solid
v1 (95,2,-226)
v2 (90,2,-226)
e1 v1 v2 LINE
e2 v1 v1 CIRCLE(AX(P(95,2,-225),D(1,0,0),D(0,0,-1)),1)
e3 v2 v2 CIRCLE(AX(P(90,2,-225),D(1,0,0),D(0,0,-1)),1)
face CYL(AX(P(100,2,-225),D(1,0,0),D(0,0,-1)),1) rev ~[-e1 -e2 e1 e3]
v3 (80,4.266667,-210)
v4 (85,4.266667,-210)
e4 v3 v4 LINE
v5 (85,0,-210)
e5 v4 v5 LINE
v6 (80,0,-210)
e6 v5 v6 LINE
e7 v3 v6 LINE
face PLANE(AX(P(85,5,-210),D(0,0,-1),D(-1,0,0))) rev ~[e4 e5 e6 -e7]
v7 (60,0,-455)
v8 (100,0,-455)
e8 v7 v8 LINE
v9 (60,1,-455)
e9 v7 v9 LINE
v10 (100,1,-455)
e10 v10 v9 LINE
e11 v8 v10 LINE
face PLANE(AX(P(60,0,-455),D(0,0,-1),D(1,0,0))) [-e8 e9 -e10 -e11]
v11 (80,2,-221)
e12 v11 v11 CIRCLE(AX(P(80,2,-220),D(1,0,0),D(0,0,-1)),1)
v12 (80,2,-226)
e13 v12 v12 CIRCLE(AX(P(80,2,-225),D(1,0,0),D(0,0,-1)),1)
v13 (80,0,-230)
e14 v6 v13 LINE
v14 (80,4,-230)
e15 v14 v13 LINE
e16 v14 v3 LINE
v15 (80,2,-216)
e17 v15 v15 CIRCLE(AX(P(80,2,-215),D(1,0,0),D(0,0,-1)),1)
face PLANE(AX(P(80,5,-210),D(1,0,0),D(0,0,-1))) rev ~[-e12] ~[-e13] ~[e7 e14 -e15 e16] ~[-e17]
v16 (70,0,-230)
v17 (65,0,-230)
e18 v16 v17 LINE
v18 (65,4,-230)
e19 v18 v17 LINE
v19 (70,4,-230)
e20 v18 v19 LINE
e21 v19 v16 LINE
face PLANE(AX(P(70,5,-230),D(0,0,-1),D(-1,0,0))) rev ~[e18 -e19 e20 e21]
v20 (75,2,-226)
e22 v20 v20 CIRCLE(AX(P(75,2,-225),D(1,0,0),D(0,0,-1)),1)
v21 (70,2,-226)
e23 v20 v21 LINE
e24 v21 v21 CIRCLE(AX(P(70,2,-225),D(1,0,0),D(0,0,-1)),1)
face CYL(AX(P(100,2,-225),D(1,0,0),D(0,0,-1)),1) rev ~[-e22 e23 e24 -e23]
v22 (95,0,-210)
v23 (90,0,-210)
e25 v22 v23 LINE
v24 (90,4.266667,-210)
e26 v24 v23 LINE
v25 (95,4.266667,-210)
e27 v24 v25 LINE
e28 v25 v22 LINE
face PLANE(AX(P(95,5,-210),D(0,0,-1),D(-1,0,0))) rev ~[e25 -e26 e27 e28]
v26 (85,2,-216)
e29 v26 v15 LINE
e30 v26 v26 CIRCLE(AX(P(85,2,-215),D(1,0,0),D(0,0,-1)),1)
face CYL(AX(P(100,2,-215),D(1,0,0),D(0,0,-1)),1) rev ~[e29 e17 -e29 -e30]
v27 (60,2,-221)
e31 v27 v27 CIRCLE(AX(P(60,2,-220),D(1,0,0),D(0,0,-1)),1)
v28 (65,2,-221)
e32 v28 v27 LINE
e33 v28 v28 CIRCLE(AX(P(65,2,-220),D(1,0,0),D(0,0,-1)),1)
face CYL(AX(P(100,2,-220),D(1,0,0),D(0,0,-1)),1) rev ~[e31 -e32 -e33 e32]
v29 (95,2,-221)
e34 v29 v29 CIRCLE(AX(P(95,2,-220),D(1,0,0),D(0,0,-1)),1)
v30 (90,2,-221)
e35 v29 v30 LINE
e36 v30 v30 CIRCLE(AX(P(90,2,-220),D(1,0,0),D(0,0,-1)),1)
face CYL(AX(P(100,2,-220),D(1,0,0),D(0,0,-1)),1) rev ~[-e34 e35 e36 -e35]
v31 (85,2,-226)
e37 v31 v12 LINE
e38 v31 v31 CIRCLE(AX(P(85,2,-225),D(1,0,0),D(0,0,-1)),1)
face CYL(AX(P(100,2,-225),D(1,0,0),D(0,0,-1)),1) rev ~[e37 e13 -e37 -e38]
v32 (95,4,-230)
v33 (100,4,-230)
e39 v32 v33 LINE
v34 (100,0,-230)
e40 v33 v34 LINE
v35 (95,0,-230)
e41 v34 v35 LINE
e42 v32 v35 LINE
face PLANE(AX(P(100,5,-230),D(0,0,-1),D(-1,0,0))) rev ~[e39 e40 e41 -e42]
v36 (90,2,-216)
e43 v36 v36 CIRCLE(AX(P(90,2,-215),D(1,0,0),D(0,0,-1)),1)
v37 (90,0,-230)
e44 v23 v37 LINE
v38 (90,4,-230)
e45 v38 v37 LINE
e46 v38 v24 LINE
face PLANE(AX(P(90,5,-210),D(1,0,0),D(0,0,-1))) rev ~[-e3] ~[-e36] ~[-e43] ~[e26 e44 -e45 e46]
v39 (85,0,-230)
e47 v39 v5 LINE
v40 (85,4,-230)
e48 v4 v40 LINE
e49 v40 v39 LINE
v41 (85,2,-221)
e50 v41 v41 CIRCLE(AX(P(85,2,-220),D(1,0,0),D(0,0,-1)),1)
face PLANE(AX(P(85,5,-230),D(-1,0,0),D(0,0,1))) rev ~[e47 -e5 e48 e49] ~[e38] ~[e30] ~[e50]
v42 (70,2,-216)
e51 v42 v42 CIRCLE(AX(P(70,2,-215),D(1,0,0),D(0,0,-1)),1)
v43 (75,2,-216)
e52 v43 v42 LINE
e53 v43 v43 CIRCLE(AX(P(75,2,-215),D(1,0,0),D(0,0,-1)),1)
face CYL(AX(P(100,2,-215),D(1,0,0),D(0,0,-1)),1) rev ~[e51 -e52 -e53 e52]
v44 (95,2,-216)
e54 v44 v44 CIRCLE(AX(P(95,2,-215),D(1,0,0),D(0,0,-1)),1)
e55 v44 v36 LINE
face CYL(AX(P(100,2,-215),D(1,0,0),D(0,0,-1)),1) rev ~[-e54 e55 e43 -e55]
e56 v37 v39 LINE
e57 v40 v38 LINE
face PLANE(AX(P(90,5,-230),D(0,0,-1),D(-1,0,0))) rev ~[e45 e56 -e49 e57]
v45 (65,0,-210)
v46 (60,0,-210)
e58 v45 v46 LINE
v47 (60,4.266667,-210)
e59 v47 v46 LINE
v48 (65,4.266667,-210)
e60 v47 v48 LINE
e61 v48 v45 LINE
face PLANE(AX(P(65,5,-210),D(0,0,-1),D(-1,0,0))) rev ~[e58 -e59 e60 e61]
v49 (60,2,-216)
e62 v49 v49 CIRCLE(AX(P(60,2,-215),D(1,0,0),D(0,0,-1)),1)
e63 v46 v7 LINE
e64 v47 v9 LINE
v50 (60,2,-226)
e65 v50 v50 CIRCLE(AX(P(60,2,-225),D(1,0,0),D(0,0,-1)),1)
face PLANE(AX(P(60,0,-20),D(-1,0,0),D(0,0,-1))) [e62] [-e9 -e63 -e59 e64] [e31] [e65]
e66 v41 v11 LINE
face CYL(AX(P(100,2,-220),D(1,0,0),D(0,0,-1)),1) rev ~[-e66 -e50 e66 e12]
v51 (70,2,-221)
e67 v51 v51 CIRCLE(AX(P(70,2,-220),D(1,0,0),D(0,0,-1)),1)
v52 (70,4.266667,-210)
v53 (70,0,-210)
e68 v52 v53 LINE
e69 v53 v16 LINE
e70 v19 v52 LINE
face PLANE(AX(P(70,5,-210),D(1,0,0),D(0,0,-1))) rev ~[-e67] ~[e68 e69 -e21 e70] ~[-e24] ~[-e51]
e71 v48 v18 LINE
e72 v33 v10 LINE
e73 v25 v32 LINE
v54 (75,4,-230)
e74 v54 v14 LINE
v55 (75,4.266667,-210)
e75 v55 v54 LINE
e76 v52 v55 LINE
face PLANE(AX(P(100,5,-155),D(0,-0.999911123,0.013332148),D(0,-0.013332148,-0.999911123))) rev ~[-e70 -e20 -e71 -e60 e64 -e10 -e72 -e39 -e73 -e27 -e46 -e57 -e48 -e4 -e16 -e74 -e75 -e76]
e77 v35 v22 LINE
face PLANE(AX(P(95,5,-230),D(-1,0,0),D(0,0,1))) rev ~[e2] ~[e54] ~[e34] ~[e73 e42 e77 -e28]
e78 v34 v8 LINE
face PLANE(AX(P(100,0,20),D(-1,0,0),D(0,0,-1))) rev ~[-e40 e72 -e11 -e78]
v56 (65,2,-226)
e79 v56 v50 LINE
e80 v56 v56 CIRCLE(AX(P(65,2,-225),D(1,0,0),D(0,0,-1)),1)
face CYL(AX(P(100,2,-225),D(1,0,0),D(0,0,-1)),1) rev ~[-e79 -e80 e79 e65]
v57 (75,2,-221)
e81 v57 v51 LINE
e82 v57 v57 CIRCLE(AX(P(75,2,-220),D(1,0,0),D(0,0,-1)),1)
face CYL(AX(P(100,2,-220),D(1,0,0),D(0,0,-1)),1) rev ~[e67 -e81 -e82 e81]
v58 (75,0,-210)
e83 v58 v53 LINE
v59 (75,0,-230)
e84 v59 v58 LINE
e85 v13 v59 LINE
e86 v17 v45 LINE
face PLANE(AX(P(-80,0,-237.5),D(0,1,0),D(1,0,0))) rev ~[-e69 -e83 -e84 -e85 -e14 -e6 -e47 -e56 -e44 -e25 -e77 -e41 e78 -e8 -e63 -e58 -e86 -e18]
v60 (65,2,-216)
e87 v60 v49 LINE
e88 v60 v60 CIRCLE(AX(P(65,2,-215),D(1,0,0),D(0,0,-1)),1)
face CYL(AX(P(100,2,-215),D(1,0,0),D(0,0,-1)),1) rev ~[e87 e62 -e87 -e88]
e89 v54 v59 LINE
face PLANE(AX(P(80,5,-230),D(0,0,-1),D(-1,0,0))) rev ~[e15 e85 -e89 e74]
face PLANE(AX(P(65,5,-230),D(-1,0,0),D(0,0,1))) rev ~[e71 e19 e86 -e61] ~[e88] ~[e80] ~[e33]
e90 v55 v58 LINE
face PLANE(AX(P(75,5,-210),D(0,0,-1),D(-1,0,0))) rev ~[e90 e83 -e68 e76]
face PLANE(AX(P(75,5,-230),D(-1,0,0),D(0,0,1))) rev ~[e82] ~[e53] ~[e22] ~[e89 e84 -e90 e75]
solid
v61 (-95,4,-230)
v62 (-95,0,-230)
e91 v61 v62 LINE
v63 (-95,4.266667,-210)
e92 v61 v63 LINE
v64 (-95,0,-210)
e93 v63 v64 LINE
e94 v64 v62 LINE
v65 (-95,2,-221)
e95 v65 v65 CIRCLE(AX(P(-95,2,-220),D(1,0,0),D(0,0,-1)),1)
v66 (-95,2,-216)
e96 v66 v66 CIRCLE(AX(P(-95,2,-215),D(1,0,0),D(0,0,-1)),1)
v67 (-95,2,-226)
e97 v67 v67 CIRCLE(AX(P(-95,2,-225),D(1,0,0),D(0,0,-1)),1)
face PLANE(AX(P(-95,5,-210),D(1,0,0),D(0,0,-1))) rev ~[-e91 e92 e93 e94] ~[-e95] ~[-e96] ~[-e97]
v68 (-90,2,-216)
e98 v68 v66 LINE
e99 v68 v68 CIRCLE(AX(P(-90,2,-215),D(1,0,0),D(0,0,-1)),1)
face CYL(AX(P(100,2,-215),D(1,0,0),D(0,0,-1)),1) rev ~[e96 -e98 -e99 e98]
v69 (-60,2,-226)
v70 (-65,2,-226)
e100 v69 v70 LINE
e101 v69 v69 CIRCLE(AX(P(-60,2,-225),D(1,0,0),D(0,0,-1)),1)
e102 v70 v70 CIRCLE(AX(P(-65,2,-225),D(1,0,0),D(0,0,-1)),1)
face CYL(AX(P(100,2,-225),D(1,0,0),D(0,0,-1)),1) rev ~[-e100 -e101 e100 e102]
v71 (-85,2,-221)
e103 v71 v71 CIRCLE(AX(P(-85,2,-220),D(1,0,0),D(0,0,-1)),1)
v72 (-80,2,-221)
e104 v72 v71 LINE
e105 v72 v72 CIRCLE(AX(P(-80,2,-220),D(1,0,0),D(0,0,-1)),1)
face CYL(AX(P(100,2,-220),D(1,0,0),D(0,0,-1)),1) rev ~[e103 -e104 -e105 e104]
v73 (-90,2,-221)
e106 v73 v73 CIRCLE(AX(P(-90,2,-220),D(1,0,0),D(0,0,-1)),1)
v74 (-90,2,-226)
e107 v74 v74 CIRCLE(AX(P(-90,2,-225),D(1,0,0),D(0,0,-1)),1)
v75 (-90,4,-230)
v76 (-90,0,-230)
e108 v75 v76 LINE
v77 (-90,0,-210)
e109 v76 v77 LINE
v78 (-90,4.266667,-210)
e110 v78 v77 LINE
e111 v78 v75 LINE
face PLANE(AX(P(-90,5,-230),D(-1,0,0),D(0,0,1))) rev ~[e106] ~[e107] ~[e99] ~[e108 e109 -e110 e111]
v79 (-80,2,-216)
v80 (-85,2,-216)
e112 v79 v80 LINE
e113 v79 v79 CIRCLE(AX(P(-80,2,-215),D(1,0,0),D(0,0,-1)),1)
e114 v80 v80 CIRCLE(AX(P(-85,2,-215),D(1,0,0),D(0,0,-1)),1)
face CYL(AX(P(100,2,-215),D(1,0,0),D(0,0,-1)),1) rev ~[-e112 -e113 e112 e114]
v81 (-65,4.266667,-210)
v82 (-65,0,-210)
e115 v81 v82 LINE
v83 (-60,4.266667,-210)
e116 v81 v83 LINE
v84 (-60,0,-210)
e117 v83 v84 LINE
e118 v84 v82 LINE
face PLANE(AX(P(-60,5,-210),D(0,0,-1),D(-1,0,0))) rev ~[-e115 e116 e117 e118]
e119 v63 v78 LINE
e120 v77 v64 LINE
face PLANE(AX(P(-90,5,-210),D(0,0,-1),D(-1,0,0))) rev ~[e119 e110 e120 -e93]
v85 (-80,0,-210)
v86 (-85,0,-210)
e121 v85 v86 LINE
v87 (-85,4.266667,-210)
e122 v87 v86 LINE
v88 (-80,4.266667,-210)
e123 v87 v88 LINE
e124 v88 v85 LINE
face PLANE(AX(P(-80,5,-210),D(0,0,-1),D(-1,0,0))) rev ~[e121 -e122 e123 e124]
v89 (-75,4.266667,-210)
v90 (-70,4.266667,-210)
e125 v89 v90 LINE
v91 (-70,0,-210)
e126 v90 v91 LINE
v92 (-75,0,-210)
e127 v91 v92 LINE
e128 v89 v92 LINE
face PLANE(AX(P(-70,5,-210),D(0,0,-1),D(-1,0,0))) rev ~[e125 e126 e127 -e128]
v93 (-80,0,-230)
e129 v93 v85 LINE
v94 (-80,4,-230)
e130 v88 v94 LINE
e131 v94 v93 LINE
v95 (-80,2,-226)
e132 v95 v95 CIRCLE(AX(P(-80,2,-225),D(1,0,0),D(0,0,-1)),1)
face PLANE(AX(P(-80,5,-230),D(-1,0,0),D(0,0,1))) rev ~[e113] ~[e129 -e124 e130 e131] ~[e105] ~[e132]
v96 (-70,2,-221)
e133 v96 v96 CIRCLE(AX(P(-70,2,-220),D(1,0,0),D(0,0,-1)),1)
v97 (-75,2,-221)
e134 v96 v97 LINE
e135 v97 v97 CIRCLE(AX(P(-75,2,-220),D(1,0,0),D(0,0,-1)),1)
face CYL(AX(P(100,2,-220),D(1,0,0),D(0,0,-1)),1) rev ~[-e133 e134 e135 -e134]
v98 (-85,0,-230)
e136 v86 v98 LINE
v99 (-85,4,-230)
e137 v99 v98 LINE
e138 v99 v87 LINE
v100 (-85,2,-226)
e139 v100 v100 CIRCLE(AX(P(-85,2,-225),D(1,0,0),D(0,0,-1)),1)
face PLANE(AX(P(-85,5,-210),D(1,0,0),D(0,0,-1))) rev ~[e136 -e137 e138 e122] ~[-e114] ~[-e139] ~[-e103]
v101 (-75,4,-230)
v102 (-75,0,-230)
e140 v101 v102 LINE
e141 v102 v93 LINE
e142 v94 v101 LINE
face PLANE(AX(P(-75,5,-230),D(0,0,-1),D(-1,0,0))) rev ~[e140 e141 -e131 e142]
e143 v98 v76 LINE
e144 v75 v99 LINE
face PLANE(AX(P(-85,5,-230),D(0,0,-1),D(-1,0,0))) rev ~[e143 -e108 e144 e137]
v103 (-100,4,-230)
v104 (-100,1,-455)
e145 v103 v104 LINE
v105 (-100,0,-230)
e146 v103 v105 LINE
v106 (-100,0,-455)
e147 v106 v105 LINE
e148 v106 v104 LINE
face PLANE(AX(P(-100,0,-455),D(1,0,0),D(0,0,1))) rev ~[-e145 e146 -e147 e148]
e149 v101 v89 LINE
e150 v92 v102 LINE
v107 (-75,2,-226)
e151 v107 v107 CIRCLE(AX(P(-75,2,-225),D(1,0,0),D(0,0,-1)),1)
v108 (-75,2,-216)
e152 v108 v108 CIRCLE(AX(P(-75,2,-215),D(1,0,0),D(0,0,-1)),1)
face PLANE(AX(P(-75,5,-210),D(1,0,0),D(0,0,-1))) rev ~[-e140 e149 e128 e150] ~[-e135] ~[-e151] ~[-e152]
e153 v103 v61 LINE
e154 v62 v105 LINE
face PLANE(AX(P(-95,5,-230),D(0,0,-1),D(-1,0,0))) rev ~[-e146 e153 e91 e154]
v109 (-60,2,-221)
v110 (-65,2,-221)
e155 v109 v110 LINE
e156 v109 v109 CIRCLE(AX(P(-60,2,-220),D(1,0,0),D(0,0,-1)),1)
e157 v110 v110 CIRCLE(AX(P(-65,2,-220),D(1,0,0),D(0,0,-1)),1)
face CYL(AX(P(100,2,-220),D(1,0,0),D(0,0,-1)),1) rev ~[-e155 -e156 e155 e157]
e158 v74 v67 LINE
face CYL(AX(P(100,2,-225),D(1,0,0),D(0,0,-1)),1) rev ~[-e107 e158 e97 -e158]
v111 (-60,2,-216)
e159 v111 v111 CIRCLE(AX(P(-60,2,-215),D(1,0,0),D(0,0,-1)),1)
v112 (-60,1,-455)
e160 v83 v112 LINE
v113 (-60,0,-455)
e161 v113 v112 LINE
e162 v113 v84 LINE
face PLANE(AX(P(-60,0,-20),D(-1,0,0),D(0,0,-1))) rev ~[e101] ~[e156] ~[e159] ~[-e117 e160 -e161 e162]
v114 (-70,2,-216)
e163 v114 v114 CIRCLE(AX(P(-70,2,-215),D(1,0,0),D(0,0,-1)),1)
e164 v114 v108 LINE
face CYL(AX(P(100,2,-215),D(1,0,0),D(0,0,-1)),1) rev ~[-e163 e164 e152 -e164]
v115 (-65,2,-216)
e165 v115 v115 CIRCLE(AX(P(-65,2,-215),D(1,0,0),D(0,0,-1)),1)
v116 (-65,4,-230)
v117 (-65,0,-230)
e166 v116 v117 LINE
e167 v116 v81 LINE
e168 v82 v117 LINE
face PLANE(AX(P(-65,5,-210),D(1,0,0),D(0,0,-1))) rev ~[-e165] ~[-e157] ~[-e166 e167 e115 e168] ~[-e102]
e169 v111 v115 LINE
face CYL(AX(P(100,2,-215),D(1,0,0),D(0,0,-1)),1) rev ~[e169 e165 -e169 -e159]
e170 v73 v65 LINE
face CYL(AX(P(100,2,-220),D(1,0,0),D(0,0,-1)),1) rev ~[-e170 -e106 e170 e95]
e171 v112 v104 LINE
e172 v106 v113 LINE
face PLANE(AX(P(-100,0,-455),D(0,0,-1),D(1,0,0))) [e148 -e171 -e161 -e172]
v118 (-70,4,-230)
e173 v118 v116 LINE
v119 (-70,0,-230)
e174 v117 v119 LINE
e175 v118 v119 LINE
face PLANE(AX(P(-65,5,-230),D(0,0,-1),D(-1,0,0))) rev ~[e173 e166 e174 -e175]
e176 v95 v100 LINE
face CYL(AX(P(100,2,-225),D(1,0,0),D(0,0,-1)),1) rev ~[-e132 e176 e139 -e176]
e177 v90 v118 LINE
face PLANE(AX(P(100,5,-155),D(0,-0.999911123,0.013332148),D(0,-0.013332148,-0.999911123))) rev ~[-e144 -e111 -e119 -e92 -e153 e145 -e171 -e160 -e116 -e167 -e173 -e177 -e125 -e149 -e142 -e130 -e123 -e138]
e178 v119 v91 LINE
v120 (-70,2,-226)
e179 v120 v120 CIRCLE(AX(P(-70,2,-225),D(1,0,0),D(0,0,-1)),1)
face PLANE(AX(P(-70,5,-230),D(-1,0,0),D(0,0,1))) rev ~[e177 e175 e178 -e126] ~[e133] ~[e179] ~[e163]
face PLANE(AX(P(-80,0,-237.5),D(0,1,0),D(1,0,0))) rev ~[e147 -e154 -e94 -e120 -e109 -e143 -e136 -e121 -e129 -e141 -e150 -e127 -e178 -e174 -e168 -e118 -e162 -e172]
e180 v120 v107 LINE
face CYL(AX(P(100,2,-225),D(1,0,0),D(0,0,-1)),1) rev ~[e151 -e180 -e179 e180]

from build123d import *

# Parameters (mm, degrees)
SKETCH_1_W          = 40
SKETCH_1_H          = 435
SKETCH_1_H_2        = 40
SKETCH_1_W_2        = 120
EXTRUDE_1_DEPTH     = 5
CUT_EXTRUDE_2_DEPTH = 498.041245773
CUT_EXTRUDE_3_DEPTH = 466.886252212
SKETCH_4_R          = 1
CUT_EXTRUDE_4_DEPTH = 498.034409719


with BuildPart() as part:
    # 草图1 → 凸台-拉伸1 (new body)
    with BuildSketch(Plane(origin=(0, 0, 0), x_dir=(1, 0, 0), z_dir=(0, 1, 0))):
        with Locations((-80, 237.5)):
            Rectangle(SKETCH_1_W, SKETCH_1_H)
        with Locations((-80, 0)):
            Rectangle(SKETCH_1_W, SKETCH_1_H_2)
        Rectangle(SKETCH_1_W_2, SKETCH_1_H_2)
        with Locations((80, 0)):
            Rectangle(SKETCH_1_W, SKETCH_1_H_2)
        with Locations((80, 237.5)):
            Rectangle(SKETCH_1_W, SKETCH_1_H)
    extrude(amount=EXTRUDE_1_DEPTH)

    # 草图2 → 切除-拉伸2 (cut, through all)
    with BuildSketch(Plane(origin=(100, 0, 0), x_dir=(0, 0, -1), z_dir=(1, 0, 0))):
        Polygon((155, 5), (455, 1), (455, 5), align=None)
    extrude(amount=-CUT_EXTRUDE_2_DEPTH, mode=Mode.SUBTRACT)

    # 草图3 → 切除-拉伸3 (cut, through all)
    with BuildSketch(Plane(origin=(0, 5, 0), x_dir=(1, 0, 0), z_dir=(0, 1, 0))):
        Polygon((-60, 20), (-60, 155), (-100, 155), (-100, -20), (100, -20), (100, 155), (60, 155), (60, 20), align=None)
        Polygon((-100, 230), (-100, 155), (-60, 155), (-60, 20), (60, 20), (60, 155), (100, 155), (100, 230), (95, 230), (95, 210), (90, 210), (90, 230), (85, 230), (85, 210), (80, 210), (80, 230), (75, 230), (75, 210), (70, 210), (70, 230), (65, 230), (65, 210), (60, 210), (60, 230), (-60, 230), (-60, 210), (-65, 210), (-65, 230), (-70, 230), (-70, 210), (-75, 210), (-75, 230), (-80, 230), (-80, 210), (-85, 210), (-85, 230), (-90, 230), (-90, 210), (-95, 210), (-95, 230), align=None)
    extrude(amount=-CUT_EXTRUDE_3_DEPTH, mode=Mode.SUBTRACT)


with BuildPart() as cut_extrude_3_piece_1:
    # of the separate pieces the step leaves, piece 1, a body of its own (cut_extrude_3_pieces)
    add(part.part.solids().sort_by_distance((100, 0, -230))[0])


with BuildPart() as cut_extrude_3_piece_2:
    # of the separate pieces the step leaves, piece 2, a body of its own (cut_extrude_3_pieces)
    add(part.part.solids().sort_by_distance((-100, 0, -455))[0])


with BuildPart() as cut_extrude_4_tool:
    # 草图4 → 切除-拉伸4 (new, through all)
    with BuildSketch(Plane(origin=(100, 0, 0), x_dir=(0, 0, -1), z_dir=(1, 0, 0))):
        with Locations((225, 2)):
            Circle(SKETCH_4_R)
        with Locations((220, 2)):
            Circle(SKETCH_4_R)
        with Locations((215, 2)):
            Circle(SKETCH_4_R)
    extrude(amount=-CUT_EXTRUDE_4_DEPTH)


with BuildPart() as cut_extrude_3_piece_1_1:
    add(cut_extrude_3_piece_1.part)

    # 切除-拉伸4: cut by cut_extrude_4_tool
    add(cut_extrude_4_tool.part, mode=Mode.SUBTRACT)


with BuildPart() as cut_extrude_3_piece_2_1:
    add(cut_extrude_3_piece_2.part)

    # 切除-拉伸4: cut by cut_extrude_4_tool
    add(cut_extrude_4_tool.part, mode=Mode.SUBTRACT)


solid = Compound([cut_extrude_3_piece_1_1.part, cut_extrude_3_piece_2_1.part])
